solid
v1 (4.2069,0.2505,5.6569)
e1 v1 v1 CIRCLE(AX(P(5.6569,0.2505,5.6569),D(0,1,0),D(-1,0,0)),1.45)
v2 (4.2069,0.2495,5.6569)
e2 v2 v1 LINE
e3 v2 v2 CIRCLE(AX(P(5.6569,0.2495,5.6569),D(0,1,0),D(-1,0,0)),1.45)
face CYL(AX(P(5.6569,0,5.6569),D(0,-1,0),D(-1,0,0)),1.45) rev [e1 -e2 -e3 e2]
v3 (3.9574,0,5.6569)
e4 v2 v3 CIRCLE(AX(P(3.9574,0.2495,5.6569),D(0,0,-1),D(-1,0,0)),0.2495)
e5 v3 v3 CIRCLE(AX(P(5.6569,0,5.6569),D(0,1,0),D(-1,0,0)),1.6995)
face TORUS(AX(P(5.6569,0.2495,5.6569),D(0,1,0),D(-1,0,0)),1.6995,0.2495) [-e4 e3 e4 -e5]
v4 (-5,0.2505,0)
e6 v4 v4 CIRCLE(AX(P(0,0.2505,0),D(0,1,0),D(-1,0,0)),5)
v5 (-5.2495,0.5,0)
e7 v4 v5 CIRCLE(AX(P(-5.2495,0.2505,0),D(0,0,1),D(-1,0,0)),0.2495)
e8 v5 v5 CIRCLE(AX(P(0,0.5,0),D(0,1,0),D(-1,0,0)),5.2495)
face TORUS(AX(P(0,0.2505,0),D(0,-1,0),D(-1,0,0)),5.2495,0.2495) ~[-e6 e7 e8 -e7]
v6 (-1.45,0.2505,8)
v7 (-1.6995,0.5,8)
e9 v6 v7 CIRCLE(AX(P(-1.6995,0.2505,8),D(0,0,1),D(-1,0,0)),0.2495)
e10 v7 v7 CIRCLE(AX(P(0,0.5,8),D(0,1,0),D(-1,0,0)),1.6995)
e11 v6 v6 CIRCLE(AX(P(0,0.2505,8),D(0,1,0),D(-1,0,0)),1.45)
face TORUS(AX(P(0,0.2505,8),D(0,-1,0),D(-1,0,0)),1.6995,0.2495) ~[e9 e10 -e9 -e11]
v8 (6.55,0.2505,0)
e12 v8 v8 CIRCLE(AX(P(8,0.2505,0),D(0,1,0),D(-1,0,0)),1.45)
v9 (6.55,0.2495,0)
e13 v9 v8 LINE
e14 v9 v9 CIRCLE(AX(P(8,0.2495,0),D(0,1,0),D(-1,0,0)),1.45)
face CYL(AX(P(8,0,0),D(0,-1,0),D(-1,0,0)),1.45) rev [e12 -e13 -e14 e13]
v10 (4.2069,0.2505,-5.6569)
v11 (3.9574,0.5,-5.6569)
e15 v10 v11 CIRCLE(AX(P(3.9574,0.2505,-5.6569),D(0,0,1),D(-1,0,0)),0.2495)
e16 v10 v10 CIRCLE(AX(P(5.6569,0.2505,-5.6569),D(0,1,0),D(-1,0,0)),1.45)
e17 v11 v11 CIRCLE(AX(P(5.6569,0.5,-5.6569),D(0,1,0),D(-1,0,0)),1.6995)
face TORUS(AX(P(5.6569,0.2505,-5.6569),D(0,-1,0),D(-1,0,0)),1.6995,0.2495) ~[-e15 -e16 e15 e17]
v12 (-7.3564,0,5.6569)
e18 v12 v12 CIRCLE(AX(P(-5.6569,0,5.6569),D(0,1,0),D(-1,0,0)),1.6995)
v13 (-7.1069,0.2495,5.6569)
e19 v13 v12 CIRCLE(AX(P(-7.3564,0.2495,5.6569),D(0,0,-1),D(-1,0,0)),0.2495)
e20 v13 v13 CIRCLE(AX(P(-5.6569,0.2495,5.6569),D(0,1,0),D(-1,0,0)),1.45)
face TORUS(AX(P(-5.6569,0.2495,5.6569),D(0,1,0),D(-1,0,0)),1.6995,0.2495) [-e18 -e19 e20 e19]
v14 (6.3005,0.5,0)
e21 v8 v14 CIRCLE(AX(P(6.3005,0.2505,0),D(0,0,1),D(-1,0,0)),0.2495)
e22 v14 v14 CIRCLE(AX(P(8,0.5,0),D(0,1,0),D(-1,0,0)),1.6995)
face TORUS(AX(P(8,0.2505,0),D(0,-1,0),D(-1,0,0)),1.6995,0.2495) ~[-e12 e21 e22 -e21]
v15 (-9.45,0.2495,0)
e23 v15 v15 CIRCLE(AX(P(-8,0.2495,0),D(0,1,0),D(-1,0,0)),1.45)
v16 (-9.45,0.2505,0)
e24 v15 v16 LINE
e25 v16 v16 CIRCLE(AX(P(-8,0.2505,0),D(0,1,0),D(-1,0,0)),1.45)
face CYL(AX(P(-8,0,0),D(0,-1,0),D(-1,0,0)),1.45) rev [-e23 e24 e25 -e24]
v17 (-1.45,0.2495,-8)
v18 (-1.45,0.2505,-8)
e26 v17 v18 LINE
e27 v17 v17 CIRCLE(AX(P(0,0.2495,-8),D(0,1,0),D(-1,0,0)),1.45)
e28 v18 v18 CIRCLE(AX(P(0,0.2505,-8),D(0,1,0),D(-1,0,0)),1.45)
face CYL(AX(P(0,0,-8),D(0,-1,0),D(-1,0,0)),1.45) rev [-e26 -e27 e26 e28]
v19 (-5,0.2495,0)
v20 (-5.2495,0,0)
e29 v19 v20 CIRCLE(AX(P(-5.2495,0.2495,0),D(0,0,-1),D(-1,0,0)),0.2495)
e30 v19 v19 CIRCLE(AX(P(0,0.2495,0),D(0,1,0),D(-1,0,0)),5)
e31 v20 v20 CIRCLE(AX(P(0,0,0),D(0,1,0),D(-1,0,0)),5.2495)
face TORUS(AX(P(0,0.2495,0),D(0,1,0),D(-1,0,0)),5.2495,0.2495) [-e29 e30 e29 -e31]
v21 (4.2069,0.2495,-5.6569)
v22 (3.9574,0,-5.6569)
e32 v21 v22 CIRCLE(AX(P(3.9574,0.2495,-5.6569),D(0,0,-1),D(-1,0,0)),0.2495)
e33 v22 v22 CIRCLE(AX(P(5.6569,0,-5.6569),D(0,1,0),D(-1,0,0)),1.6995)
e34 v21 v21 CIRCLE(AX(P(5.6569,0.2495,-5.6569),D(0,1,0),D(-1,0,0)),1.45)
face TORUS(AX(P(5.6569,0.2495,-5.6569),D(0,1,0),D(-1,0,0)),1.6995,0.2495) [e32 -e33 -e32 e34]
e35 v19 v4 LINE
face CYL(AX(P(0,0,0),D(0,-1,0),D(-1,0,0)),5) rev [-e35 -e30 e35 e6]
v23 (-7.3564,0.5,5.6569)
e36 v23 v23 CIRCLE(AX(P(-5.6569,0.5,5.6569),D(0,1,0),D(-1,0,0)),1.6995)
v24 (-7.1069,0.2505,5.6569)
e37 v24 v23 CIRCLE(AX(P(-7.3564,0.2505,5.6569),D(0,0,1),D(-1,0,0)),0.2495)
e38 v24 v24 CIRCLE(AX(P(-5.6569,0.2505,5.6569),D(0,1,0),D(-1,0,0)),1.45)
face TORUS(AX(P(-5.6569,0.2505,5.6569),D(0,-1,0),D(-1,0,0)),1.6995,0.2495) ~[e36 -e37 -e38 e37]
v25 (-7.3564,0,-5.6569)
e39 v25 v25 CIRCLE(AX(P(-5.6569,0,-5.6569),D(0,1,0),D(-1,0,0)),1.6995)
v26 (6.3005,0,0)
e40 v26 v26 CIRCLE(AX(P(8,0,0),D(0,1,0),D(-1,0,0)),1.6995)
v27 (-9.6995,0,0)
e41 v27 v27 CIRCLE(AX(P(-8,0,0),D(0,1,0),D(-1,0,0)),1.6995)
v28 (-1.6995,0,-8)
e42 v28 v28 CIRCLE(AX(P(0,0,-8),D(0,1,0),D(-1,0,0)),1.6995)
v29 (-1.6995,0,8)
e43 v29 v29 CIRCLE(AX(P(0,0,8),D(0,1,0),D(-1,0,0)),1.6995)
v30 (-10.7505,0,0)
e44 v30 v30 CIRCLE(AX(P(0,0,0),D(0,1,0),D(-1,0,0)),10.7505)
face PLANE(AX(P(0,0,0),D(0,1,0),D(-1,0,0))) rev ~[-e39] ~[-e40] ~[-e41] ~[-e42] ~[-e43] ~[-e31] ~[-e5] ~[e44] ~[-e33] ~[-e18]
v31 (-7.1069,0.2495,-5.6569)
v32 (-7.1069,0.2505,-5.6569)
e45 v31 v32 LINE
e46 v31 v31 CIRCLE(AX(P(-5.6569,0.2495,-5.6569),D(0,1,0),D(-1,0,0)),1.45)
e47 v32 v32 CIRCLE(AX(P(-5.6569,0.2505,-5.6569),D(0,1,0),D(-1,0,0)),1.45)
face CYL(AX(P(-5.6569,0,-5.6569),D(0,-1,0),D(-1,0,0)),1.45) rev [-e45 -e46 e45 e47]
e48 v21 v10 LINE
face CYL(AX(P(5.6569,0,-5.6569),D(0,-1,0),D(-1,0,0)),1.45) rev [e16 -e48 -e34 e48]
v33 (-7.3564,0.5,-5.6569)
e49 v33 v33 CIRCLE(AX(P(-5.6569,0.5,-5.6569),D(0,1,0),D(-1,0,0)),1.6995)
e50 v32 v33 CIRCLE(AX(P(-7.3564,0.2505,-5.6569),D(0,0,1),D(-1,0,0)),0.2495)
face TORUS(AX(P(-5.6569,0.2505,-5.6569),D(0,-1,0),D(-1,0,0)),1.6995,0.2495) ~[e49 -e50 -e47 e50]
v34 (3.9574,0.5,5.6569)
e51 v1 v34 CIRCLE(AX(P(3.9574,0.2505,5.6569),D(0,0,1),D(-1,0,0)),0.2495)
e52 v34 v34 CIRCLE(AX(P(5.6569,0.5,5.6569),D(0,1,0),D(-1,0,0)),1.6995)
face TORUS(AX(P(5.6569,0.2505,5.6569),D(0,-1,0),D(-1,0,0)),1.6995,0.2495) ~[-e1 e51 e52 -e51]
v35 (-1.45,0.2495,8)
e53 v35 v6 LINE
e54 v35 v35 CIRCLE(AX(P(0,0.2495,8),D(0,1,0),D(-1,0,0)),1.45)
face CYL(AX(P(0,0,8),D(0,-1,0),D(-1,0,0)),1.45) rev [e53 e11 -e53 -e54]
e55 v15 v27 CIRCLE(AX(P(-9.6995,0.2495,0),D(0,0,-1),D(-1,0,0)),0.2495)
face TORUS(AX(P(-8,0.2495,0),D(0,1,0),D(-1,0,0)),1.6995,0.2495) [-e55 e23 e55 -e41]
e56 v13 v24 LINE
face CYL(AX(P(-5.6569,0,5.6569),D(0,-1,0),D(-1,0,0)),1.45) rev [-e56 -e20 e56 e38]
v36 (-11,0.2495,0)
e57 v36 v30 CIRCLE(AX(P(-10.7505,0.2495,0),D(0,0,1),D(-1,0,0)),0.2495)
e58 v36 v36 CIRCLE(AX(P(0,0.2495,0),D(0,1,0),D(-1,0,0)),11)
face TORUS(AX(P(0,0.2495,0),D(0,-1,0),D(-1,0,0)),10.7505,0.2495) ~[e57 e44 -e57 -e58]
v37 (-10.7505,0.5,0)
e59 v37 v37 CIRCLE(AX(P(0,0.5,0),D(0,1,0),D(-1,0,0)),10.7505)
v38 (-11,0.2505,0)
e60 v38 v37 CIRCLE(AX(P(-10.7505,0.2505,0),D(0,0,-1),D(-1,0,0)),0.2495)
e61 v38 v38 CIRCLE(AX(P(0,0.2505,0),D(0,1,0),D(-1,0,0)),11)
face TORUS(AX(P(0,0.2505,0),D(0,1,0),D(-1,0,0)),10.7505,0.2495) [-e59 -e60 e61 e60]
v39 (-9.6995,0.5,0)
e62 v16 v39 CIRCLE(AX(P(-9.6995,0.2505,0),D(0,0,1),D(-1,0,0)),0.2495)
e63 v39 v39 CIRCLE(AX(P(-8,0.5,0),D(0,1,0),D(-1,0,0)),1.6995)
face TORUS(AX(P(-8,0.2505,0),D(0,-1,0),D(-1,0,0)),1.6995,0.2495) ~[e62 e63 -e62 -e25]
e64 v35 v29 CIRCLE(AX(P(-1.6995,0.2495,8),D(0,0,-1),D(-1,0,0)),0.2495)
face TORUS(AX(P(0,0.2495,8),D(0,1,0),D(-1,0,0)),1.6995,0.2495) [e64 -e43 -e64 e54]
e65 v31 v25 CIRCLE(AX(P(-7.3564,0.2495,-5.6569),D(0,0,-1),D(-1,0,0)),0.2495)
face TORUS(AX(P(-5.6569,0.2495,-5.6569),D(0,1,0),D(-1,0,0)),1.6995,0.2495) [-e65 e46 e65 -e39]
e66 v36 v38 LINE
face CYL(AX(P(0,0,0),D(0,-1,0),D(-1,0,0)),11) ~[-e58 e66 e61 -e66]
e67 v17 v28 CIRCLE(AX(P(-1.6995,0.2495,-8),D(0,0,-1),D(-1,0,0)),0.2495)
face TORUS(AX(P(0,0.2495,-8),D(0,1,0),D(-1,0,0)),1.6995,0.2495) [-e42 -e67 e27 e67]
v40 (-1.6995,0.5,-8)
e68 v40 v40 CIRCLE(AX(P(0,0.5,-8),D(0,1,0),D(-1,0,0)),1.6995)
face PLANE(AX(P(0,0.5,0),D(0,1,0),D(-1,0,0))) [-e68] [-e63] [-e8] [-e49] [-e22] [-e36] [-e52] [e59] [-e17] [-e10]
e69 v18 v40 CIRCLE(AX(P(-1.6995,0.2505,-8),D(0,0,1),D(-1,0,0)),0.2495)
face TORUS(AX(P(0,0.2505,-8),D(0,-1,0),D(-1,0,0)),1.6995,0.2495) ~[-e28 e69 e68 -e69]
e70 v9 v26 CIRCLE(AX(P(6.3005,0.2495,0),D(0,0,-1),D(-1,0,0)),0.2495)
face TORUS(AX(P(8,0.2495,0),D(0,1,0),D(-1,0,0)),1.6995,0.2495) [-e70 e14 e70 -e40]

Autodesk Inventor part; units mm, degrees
ref_plane "YZ Plane" through (0, 0, 0) normal (1, 0, 0) x (0, 1, 0)
ref_plane "XZ Plane" through (0, 0, 0) normal (0, 1, 0) x (-1, 0, 0)
ref_plane "XY Plane" through (0, 0, 0) normal (0, 0, 1) x (1, 0, 0)
sketch "Sketch1" plane through (0, 0, 0) normal (0, 1, 0) x (-1, 0, 0)
  circle A0 centre (-5.6569, 5.6569) radius 1.45
  circle A1 centre (0, 8) radius 1.45
  circle A2 centre (5.6569, 5.6569) radius 1.45
  circle A3 centre (8, 0) radius 1.45
  circle A4 centre (5.6569, -5.6569) radius 1.45
  circle A5 centre (0, -8) radius 1.45
  circle A6 centre (-5.6569, -5.6569) radius 1.45
  circle A7 centre (-8, 0) radius 1.45
  circle A8 centre (0, 0) radius 5
  circle A9 centre (0, 0) radius 11
extrude "Extrusion1" add sketch "Sketch1" along normal blind 0.5
fillet "Fillet1" radius 0.25 20 edges at (1.45, 0.5, 8) (1.45, 0, 8) (5, 0, 0) (5, 0.5, 0) (11, 0.5, 0) (11, 0, 0) (7.1069, 0.5, -5.6569) (7.1069, 0, -5.6569) (9.45, 0, 0) (9.45, 0.5, 0) (7.1069, 0.5, 5.6569) (7.1069, 0, 5.6569) (-6.55, 0, 0) (-6.55, 0.5, 0) (-4.2069, 0, 5.6569) (-4.2069, 0.5, 5.6569) (-4.2069, 0.5, -5.6569) (-4.2069, 0, -5.6569) (1.45, 0.5, -8) (1.45, 0, -8)
properties part number "segment_1_horn_spacer"
